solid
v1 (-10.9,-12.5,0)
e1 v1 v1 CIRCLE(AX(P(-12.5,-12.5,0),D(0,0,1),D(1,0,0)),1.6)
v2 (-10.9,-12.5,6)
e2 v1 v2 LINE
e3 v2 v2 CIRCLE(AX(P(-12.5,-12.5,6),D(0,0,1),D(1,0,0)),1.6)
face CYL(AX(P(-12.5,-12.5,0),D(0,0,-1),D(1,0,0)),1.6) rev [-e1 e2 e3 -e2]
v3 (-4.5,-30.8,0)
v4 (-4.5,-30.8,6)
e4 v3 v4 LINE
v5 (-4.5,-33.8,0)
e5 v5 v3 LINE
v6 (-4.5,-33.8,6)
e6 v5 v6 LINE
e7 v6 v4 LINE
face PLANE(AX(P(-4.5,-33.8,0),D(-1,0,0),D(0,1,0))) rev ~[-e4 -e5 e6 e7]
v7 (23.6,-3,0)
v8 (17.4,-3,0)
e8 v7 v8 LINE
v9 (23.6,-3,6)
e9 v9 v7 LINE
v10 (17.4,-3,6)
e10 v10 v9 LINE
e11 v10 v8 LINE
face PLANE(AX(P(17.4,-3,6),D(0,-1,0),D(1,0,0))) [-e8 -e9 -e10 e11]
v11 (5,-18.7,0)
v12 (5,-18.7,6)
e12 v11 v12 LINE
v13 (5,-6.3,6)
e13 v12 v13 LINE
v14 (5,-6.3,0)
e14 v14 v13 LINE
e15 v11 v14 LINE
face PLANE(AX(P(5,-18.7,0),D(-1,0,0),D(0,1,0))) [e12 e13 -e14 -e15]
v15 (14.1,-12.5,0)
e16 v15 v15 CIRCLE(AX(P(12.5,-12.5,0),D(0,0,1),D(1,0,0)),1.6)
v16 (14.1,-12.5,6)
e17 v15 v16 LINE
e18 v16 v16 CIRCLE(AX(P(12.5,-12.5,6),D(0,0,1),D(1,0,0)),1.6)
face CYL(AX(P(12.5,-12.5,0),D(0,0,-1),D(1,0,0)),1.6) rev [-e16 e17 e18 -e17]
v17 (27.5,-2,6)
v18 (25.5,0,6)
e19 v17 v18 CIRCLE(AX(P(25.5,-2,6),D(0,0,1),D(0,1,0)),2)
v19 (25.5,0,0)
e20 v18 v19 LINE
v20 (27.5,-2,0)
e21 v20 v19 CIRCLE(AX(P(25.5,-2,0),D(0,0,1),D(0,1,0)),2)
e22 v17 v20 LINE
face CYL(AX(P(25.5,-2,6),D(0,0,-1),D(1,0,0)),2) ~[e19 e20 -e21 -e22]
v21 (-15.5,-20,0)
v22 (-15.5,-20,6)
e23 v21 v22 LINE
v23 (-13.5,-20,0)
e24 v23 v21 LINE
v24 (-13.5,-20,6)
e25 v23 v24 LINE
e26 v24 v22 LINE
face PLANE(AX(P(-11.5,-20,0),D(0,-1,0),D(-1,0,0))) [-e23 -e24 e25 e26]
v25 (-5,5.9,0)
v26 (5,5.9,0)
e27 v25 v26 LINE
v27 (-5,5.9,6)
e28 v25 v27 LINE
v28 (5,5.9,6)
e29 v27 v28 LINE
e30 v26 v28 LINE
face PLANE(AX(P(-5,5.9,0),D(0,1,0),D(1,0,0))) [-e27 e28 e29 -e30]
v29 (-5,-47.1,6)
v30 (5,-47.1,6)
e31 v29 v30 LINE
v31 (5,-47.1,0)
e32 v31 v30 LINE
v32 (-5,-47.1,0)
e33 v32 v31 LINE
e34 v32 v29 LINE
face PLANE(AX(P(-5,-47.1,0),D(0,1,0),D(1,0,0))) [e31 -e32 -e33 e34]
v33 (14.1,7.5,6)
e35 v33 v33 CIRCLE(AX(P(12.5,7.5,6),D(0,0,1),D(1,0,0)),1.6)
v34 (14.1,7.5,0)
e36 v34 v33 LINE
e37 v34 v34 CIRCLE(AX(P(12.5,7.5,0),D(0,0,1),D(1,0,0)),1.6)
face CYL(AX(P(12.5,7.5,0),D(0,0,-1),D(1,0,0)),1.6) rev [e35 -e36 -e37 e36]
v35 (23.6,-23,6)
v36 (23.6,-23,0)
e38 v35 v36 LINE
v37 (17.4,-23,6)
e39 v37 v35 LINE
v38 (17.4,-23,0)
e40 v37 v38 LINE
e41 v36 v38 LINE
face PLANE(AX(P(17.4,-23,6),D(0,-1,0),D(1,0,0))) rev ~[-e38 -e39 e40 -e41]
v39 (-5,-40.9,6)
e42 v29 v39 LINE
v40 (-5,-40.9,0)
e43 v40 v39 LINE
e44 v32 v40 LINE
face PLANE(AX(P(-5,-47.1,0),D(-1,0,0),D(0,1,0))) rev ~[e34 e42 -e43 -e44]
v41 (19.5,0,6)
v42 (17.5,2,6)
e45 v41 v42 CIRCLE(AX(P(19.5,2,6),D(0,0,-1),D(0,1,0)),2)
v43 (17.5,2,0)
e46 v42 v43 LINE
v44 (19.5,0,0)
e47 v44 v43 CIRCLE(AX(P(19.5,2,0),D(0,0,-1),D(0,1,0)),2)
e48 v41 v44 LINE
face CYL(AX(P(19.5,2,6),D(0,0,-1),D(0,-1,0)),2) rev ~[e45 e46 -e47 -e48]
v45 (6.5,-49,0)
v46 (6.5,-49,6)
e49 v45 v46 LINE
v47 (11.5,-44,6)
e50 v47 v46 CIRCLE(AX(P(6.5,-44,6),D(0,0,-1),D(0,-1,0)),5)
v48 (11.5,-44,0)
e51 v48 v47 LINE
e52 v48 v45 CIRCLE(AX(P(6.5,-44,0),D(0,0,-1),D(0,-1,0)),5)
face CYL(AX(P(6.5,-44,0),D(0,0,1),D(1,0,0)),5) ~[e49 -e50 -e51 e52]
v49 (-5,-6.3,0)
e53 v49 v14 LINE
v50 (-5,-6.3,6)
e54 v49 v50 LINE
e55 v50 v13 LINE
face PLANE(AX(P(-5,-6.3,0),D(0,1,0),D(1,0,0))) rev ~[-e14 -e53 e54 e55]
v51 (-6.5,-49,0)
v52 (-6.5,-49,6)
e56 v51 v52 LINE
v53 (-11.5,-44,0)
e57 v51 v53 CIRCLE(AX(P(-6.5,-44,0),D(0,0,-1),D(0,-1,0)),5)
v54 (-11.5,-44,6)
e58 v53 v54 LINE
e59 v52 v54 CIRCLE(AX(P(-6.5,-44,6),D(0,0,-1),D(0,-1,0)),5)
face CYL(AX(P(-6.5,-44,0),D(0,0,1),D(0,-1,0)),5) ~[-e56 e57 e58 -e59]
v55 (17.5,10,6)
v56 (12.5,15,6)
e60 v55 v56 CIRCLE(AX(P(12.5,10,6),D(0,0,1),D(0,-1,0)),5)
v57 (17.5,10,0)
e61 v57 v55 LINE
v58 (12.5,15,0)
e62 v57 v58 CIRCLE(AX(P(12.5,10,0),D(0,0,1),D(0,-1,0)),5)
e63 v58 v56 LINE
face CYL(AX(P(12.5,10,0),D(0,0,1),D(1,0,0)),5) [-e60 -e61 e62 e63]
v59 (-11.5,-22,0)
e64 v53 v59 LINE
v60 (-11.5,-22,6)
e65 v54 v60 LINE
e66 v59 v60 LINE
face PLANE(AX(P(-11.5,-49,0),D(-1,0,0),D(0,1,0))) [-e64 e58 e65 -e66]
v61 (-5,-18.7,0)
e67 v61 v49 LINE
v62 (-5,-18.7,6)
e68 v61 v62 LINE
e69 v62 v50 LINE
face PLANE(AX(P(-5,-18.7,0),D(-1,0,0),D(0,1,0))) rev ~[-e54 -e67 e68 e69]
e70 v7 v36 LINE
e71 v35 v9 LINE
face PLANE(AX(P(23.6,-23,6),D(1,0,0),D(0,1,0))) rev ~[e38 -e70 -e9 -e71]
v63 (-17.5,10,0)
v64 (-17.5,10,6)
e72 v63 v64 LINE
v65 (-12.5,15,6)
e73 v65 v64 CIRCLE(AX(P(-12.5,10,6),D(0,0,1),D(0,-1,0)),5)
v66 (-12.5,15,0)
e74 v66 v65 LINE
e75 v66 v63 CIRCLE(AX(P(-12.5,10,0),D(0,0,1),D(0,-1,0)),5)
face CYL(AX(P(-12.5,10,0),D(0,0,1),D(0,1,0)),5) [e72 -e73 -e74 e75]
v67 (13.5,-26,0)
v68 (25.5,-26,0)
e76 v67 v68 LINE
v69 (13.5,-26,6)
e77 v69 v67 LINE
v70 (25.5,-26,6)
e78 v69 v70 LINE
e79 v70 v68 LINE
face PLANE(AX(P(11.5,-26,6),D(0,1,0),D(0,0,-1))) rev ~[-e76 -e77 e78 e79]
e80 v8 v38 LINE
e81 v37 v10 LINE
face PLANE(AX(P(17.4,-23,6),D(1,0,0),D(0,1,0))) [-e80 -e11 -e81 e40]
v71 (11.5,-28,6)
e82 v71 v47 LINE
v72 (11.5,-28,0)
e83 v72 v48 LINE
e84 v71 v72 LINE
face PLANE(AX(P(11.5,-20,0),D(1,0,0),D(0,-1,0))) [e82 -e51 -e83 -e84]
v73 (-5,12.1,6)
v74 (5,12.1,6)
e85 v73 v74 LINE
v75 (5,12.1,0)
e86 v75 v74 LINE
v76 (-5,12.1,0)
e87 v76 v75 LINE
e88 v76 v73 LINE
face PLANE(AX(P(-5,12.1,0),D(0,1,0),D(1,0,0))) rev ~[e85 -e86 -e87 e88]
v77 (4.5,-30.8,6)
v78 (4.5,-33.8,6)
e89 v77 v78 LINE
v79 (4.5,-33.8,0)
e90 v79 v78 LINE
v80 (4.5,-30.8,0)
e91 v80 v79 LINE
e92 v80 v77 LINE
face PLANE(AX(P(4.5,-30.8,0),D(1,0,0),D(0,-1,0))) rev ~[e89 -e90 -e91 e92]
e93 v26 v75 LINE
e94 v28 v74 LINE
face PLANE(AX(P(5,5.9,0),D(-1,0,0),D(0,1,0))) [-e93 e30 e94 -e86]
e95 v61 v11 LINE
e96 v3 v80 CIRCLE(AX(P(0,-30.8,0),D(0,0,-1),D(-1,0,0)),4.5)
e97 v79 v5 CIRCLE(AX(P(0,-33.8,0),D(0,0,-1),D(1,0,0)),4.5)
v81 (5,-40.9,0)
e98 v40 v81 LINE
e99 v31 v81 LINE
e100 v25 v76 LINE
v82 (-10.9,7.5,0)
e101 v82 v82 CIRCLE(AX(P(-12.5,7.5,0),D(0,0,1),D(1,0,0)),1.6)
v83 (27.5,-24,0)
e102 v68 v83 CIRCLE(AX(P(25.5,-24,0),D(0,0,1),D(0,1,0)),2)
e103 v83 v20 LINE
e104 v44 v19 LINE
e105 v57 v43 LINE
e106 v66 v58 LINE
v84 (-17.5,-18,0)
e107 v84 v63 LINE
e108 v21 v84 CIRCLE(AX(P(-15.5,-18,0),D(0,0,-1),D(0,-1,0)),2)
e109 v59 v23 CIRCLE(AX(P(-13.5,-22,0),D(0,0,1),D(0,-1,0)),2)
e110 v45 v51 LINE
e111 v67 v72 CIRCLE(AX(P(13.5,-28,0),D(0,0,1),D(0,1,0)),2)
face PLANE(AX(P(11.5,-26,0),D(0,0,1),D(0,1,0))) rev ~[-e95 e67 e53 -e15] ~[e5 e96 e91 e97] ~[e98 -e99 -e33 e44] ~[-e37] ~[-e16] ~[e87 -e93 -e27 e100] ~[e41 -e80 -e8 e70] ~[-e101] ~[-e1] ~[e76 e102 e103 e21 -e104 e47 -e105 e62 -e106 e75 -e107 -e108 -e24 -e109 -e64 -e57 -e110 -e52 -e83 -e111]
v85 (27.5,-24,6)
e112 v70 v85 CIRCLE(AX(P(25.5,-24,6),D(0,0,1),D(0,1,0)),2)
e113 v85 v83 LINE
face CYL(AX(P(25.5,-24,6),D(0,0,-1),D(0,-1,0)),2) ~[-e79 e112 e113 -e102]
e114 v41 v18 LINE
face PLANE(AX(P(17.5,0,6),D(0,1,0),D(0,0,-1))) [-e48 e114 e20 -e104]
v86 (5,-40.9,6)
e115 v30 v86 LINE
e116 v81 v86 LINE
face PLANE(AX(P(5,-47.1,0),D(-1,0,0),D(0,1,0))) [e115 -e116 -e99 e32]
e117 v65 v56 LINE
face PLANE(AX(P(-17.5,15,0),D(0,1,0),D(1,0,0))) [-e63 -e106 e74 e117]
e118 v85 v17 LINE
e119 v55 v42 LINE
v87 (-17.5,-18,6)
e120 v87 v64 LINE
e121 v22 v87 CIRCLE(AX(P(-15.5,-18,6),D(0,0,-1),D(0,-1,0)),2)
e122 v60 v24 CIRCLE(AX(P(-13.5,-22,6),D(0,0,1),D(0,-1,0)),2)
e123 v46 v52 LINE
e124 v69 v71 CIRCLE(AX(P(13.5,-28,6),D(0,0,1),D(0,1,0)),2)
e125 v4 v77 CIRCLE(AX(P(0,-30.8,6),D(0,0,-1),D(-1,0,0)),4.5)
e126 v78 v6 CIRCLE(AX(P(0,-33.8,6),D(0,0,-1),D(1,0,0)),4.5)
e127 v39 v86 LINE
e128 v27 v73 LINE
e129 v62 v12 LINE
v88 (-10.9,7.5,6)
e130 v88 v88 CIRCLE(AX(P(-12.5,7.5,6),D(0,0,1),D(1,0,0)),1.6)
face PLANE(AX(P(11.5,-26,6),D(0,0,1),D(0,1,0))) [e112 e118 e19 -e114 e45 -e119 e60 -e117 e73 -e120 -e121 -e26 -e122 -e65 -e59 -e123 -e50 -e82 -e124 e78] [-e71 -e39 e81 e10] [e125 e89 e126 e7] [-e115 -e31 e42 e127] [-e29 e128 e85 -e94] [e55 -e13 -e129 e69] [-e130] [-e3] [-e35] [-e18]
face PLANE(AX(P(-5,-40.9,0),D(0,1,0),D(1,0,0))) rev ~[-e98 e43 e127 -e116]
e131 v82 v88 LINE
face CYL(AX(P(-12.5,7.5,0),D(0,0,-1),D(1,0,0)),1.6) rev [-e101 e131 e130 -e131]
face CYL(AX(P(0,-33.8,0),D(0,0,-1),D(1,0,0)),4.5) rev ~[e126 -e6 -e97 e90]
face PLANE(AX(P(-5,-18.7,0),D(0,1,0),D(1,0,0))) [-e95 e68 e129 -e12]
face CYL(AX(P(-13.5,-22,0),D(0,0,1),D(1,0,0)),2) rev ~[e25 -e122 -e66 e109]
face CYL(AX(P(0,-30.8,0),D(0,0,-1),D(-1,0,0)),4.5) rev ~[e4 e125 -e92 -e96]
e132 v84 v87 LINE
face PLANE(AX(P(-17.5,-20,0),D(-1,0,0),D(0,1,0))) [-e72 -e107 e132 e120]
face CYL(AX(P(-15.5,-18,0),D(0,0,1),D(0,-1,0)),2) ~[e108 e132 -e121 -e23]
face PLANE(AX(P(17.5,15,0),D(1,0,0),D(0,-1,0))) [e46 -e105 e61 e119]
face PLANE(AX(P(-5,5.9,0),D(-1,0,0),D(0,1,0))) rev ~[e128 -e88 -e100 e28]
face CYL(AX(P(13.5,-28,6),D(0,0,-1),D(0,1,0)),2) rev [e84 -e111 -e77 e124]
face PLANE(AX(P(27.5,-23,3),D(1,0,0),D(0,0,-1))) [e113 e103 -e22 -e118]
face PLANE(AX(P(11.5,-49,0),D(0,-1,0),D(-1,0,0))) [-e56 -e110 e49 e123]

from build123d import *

# Parameters (mm, degrees)
SKETCH1_R           = 1.6
SKETCH1_W           = 10
SKETCH1_H           = 12.4
SKETCH1_H_2         = 6.2
BOSS_EXTRUDE1_DEPTH = 6
SKETCH4_W           = 6
SKETCH4_H           = 20
BOSS_EXTRUDE2_DEPTH = 10
SKETCH7_W           = 6
SKETCH7_H           = 6
BOSS_EXTRUDE3_DEPTH = 16
CUT_EXTRUDE1_REACH  = 58.509
SKETCH6_W           = 6.2
SKETCH6_H           = 20
FILLET1_R           = 2
FILLET2_R           = 5


with BuildPart() as part:
    # Sketch1 → Boss-Extrude1 (new body)
    with BuildSketch(Plane.XY):
        Polygon((17.5, -20), (11.5, -20), (11.5, -49), (-11.5, -49), (-11.5, -20), (-17.5, -20), (-17.5, 15), (17.5, 15), align=None)
        with Locations((12.5, 7.5)):
            Circle(SKETCH1_R, mode=Mode.SUBTRACT)
        with Locations((-12.5, 7.5)):
            Circle(SKETCH1_R, mode=Mode.SUBTRACT)
        with Locations((-12.5, -12.5)):
            Circle(SKETCH1_R, mode=Mode.SUBTRACT)
        with Locations((12.5, -12.5)):
            Circle(SKETCH1_R, mode=Mode.SUBTRACT)
        with Locations((0, -12.5)):
            Rectangle(SKETCH1_W, SKETCH1_H, mode=Mode.SUBTRACT)
        with Locations((0, 9)):
            Rectangle(SKETCH1_W, SKETCH1_H_2, mode=Mode.SUBTRACT)
        with BuildLine():
            Line((-4.5, -33.8), (-4.5, -30.8))
            ThreePointArc((-4.5, -30.8), (0, -26.3), (4.5, -30.8))
            Line((4.5, -30.8), (4.5, -33.8))
            ThreePointArc((4.5, -33.8), (0, -38.3), (-4.5, -33.8))
        make_face(mode=Mode.SUBTRACT)
        with Locations((0, -44)):
            Rectangle(SKETCH1_W, SKETCH1_H_2, mode=Mode.SUBTRACT)
    extrude(amount=BOSS_EXTRUDE1_DEPTH)

    # Sketch4 → Boss-Extrude2 (add)
    with BuildSketch(Plane(origin=(17.5, 0, 0), x_dir=(0, 0, -1), z_dir=(1, 0, 0))):
        with Locations((-3, -10)):
            Rectangle(SKETCH4_W, SKETCH4_H)
    extrude(amount=BOSS_EXTRUDE2_DEPTH)

    # Sketch7 → Boss-Extrude3 (add)
    with BuildSketch(Plane(origin=(11.5, 0, 0), x_dir=(0, 0, -1), z_dir=(1, 0, 0))):
        with Locations((-3, -23)):
            Rectangle(SKETCH7_W, SKETCH7_H)
    extrude(amount=BOSS_EXTRUDE3_DEPTH)

    # Sketch6 → Cut-Extrude1 (cut, up to next)
    with BuildSketch(Plane.XY.offset(6), mode=Mode.PRIVATE) as cut_extrude1_sk1:
        with Locations((20.5, -13)):
            Rectangle(SKETCH6_W, SKETCH6_H)
    cut_extrude1_tool1 = extrude(cut_extrude1_sk1.sketch, amount=-CUT_EXTRUDE1_REACH, mode=Mode.PRIVATE) & part.part
    add(cut_extrude1_tool1.solids().sort_by_distance((20.5, -13, 6))[0], mode=Mode.SUBTRACT)

    # Fillet1
    fillet1_edges = [part.edges().sort_by_distance(p)[0] for p in [
        (27.5, 0, 3),
        (11.5, -26, 3),
        (27.5, -26, 3),
        (-11.5, -20, 3),
        (-17.5, -20, 3),
        (17.5, 0, 3),
    ]]
    fillet(fillet1_edges, radius=FILLET1_R)

    # Fillet2
    fillet2_edges = [part.edges().sort_by_distance(p)[0] for p in [
        (-17.5, 15, 3),
        (17.5, 15, 3),
        (11.5, -49, 3),
        (-11.5, -49, 3),
    ]]
    fillet(fillet2_edges, radius=FILLET2_R)


solid = part.part
